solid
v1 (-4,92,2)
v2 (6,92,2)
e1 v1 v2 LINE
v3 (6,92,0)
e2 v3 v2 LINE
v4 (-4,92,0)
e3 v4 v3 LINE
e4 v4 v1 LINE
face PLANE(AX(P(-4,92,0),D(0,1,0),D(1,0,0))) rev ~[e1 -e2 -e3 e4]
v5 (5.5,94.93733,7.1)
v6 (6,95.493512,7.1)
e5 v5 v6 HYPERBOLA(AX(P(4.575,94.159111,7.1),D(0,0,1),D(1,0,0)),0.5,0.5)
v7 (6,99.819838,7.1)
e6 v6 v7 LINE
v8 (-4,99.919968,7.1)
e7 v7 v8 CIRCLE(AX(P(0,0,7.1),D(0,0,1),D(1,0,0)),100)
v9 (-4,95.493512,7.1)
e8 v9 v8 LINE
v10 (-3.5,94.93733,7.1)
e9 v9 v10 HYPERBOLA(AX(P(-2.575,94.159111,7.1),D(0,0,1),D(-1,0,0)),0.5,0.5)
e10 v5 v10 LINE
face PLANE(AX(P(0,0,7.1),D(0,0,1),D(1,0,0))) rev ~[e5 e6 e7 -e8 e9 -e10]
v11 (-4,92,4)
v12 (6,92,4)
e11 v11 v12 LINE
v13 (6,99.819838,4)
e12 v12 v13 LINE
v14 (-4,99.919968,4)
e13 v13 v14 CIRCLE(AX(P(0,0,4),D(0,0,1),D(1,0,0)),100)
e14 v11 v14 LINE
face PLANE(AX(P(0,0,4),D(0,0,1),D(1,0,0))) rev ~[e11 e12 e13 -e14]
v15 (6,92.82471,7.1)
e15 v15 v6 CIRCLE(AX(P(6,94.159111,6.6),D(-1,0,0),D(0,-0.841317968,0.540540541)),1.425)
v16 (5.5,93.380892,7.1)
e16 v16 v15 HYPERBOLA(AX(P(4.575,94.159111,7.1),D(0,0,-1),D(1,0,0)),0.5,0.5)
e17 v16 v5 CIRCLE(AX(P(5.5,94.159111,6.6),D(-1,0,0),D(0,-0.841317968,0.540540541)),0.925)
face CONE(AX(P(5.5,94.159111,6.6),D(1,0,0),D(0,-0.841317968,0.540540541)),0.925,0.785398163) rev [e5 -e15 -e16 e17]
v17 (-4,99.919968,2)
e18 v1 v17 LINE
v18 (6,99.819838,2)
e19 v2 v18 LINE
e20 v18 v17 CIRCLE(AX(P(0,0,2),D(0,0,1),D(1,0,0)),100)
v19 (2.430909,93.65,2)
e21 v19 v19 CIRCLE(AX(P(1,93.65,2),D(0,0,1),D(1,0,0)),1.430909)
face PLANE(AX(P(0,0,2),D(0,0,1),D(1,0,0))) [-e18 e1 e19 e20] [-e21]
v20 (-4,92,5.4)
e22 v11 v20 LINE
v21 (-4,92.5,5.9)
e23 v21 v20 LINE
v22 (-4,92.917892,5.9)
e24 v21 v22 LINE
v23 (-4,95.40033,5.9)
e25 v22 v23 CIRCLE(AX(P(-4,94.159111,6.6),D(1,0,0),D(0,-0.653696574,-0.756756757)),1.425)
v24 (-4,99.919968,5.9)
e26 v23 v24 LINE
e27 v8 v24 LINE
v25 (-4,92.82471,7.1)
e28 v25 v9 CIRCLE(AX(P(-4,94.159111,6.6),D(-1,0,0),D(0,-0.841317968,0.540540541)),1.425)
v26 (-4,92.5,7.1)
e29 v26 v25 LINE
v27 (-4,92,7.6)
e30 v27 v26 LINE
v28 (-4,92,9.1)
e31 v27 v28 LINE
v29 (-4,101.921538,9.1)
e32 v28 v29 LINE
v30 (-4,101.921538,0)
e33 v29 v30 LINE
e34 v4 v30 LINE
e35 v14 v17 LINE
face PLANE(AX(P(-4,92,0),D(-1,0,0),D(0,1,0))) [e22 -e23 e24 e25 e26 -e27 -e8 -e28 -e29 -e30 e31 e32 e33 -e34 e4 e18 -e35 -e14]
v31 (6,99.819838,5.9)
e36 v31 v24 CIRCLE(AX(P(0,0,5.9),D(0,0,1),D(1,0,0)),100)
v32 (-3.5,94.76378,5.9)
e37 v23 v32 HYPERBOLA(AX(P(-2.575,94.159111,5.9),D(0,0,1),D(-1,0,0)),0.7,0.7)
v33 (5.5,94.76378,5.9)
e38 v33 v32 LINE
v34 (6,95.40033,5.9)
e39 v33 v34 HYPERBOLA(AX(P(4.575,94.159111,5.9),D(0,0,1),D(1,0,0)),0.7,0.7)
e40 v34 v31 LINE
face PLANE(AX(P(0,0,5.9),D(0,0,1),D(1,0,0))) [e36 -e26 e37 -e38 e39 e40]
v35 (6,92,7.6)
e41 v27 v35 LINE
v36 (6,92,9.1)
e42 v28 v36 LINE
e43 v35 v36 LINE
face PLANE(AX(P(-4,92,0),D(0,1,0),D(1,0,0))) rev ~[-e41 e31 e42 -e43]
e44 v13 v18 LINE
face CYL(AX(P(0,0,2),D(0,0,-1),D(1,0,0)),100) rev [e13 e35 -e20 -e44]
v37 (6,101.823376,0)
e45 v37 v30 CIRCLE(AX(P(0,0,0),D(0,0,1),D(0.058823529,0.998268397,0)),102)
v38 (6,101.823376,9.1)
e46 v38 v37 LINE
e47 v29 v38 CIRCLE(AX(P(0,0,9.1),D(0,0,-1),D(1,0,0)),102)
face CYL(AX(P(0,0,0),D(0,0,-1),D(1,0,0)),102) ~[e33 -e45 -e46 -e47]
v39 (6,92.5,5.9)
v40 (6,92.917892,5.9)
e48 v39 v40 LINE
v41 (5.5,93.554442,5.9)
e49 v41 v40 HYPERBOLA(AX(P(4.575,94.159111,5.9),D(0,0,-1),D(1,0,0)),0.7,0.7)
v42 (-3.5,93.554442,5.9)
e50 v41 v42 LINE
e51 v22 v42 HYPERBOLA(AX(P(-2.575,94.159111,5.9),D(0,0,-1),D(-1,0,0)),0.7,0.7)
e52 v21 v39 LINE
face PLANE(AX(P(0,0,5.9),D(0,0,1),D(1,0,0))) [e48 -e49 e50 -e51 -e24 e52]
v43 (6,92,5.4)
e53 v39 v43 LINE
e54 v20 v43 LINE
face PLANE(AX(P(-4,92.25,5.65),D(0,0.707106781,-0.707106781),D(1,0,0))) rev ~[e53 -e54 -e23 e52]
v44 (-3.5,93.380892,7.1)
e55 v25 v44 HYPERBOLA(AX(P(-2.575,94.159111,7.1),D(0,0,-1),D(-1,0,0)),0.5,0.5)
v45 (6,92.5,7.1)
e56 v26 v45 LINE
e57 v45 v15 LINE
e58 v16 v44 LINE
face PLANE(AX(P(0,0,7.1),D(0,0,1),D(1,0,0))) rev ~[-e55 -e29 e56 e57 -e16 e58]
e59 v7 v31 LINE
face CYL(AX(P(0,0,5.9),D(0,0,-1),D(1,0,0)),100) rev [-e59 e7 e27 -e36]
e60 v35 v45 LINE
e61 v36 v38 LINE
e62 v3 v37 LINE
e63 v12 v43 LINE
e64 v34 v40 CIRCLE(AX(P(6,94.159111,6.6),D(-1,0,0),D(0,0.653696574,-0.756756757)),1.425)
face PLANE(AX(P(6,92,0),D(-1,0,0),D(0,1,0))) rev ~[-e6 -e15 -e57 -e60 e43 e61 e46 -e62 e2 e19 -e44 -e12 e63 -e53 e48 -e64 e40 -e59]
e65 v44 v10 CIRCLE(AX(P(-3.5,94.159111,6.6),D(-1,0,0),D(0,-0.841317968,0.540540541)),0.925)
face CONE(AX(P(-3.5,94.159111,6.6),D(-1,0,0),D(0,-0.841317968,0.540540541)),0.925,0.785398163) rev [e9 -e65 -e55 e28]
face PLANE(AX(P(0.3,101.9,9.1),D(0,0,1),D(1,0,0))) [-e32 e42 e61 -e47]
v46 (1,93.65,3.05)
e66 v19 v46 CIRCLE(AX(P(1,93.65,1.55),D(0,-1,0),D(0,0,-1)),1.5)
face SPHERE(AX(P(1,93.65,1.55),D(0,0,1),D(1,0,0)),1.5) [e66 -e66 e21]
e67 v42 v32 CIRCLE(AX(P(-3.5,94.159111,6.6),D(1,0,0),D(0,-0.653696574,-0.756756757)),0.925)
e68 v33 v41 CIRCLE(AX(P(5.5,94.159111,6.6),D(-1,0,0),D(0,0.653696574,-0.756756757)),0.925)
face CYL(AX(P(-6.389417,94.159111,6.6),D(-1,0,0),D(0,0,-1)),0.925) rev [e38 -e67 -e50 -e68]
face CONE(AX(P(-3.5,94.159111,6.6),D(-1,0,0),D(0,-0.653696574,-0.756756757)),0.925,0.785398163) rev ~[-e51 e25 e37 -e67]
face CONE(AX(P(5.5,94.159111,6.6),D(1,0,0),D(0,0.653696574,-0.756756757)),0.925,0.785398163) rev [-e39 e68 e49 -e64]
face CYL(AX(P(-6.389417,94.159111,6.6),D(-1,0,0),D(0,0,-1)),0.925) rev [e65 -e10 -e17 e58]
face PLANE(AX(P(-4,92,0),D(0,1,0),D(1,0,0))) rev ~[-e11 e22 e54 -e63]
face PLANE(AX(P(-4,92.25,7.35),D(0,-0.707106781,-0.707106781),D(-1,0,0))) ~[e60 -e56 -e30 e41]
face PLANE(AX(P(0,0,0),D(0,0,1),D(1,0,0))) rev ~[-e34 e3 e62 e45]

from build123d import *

# Parameters (mm, degrees)
BOX003_W          = 22
BOX003_H          = 27
BOX003_DEPTH      = 10
CYLINDER003_R     = 0.925
CYLINDER003_DEPTH = 21
CYLINDER_R        = 100
CYLINDER_DEPTH    = 1.2
CYLINDER002_R     = 100
CYLINDER002_DEPTH = 2
BOX_W             = 10
BOX_H             = 10
BOX_DEPTH         = 10
CYLINDER001_R     = 102
CYLINDER001_DEPTH = 10
CHAMFER_SIZE      = 0.5
CHAMFER001_SIZE   = 0.5


with BuildPart() as cube003:
    # Box003 → Box003 (new body)
    with BuildSketch(Plane(origin=(-10.7, 88.4, 9.1), x_dir=(1, 0, 0), z_dir=(0, 0, 1))):
        with Locations((11, 13.5)):
            Rectangle(BOX003_W, BOX003_H)
    extrude(amount=BOX003_DEPTH)


with BuildPart() as cylinder003:
    # Cylinder003 → Cylinder003 (new body)
    with BuildSketch(Plane(origin=(-6.389417, 94.159111, 6.6), x_dir=(0, 0, -1), z_dir=(1, 0, 0))):
        Circle(CYLINDER003_R)
    extrude(amount=CYLINDER003_DEPTH)


with BuildPart() as cylinder:
    # Cylinder → Cylinder (new body)
    with BuildSketch(Plane.XY.offset(5.9)):
        Circle(CYLINDER_R)
    extrude(amount=CYLINDER_DEPTH)


with BuildPart() as cylinder002:
    # Cylinder002 → Cylinder002 (new body)
    with BuildSketch(Plane.XY.offset(2)):
        Circle(CYLINDER002_R)
    extrude(amount=CYLINDER002_DEPTH)


with BuildPart() as cube:
    # Box → Box (new body)
    with BuildSketch(Plane(origin=(-4, 92, 0), x_dir=(1, 0, 0), z_dir=(0, 0, 1))):
        with Locations((5, 5)):
            Rectangle(BOX_W, BOX_H)
    extrude(amount=BOX_DEPTH)


with BuildPart() as chamfer001:
    # Cylinder001 → Cylinder001 (new body)
    with BuildSketch(Plane.XY):
        Circle(CYLINDER001_R)
    extrude(amount=CYLINDER001_DEPTH)

    # Common: intersect Cube
    add(cube.part, mode=Mode.INTERSECT)

    # Cut: cut Cylinder002
    add(cylinder002.part, mode=Mode.SUBTRACT)

    # Cut001: cut Cylinder
    add(cylinder.part, mode=Mode.SUBTRACT)

    # Cut002: cut Cylinder003
    add(cylinder003.part, mode=Mode.SUBTRACT)

    # Cut003: cut Cube003
    add(cube003.part, mode=Mode.SUBTRACT)

    # Chamfer
    chamfer_edges = [chamfer001.edges().sort_by_distance(p)[0] for p in [
        (1, 92, 7.1),
        (1, 92, 5.9),
    ]]
    chamfer(chamfer_edges, length=CHAMFER_SIZE)

    # Chamfer001
    chamfer001_edges = [chamfer001.edges().sort_by_distance(p)[0] for p in [
        (-4, 93.836524, 5.733073),
        (-4, 94.481698, 5.733073),
        (-4, 94.159111, 7.525),
        (6, 93.836524, 5.733073),
        (6, 94.481698, 5.733073),
        (6, 94.159111, 7.525),
    ]]
    chamfer(chamfer001_edges, length=CHAMFER001_SIZE)


with BuildPart() as fusion:
    # Sphere → Sphere (revolve)
    with BuildSketch(Plane(origin=(1, 93.65, 1.55), x_dir=(1, 0, 0), z_dir=(0, -1, 0))):
        with BuildLine():
            ThreePointArc((0, -1.5), (1.5, 0), (0, 1.5))
            Line((0, 1.5), (0, -1.5))
        make_face()
    revolve(axis=Axis((1, 93.65, 1.55), (0, 0, 1)))

    # Fusion: union Chamfer001
    add(chamfer001.part)


solid = fusion.part
